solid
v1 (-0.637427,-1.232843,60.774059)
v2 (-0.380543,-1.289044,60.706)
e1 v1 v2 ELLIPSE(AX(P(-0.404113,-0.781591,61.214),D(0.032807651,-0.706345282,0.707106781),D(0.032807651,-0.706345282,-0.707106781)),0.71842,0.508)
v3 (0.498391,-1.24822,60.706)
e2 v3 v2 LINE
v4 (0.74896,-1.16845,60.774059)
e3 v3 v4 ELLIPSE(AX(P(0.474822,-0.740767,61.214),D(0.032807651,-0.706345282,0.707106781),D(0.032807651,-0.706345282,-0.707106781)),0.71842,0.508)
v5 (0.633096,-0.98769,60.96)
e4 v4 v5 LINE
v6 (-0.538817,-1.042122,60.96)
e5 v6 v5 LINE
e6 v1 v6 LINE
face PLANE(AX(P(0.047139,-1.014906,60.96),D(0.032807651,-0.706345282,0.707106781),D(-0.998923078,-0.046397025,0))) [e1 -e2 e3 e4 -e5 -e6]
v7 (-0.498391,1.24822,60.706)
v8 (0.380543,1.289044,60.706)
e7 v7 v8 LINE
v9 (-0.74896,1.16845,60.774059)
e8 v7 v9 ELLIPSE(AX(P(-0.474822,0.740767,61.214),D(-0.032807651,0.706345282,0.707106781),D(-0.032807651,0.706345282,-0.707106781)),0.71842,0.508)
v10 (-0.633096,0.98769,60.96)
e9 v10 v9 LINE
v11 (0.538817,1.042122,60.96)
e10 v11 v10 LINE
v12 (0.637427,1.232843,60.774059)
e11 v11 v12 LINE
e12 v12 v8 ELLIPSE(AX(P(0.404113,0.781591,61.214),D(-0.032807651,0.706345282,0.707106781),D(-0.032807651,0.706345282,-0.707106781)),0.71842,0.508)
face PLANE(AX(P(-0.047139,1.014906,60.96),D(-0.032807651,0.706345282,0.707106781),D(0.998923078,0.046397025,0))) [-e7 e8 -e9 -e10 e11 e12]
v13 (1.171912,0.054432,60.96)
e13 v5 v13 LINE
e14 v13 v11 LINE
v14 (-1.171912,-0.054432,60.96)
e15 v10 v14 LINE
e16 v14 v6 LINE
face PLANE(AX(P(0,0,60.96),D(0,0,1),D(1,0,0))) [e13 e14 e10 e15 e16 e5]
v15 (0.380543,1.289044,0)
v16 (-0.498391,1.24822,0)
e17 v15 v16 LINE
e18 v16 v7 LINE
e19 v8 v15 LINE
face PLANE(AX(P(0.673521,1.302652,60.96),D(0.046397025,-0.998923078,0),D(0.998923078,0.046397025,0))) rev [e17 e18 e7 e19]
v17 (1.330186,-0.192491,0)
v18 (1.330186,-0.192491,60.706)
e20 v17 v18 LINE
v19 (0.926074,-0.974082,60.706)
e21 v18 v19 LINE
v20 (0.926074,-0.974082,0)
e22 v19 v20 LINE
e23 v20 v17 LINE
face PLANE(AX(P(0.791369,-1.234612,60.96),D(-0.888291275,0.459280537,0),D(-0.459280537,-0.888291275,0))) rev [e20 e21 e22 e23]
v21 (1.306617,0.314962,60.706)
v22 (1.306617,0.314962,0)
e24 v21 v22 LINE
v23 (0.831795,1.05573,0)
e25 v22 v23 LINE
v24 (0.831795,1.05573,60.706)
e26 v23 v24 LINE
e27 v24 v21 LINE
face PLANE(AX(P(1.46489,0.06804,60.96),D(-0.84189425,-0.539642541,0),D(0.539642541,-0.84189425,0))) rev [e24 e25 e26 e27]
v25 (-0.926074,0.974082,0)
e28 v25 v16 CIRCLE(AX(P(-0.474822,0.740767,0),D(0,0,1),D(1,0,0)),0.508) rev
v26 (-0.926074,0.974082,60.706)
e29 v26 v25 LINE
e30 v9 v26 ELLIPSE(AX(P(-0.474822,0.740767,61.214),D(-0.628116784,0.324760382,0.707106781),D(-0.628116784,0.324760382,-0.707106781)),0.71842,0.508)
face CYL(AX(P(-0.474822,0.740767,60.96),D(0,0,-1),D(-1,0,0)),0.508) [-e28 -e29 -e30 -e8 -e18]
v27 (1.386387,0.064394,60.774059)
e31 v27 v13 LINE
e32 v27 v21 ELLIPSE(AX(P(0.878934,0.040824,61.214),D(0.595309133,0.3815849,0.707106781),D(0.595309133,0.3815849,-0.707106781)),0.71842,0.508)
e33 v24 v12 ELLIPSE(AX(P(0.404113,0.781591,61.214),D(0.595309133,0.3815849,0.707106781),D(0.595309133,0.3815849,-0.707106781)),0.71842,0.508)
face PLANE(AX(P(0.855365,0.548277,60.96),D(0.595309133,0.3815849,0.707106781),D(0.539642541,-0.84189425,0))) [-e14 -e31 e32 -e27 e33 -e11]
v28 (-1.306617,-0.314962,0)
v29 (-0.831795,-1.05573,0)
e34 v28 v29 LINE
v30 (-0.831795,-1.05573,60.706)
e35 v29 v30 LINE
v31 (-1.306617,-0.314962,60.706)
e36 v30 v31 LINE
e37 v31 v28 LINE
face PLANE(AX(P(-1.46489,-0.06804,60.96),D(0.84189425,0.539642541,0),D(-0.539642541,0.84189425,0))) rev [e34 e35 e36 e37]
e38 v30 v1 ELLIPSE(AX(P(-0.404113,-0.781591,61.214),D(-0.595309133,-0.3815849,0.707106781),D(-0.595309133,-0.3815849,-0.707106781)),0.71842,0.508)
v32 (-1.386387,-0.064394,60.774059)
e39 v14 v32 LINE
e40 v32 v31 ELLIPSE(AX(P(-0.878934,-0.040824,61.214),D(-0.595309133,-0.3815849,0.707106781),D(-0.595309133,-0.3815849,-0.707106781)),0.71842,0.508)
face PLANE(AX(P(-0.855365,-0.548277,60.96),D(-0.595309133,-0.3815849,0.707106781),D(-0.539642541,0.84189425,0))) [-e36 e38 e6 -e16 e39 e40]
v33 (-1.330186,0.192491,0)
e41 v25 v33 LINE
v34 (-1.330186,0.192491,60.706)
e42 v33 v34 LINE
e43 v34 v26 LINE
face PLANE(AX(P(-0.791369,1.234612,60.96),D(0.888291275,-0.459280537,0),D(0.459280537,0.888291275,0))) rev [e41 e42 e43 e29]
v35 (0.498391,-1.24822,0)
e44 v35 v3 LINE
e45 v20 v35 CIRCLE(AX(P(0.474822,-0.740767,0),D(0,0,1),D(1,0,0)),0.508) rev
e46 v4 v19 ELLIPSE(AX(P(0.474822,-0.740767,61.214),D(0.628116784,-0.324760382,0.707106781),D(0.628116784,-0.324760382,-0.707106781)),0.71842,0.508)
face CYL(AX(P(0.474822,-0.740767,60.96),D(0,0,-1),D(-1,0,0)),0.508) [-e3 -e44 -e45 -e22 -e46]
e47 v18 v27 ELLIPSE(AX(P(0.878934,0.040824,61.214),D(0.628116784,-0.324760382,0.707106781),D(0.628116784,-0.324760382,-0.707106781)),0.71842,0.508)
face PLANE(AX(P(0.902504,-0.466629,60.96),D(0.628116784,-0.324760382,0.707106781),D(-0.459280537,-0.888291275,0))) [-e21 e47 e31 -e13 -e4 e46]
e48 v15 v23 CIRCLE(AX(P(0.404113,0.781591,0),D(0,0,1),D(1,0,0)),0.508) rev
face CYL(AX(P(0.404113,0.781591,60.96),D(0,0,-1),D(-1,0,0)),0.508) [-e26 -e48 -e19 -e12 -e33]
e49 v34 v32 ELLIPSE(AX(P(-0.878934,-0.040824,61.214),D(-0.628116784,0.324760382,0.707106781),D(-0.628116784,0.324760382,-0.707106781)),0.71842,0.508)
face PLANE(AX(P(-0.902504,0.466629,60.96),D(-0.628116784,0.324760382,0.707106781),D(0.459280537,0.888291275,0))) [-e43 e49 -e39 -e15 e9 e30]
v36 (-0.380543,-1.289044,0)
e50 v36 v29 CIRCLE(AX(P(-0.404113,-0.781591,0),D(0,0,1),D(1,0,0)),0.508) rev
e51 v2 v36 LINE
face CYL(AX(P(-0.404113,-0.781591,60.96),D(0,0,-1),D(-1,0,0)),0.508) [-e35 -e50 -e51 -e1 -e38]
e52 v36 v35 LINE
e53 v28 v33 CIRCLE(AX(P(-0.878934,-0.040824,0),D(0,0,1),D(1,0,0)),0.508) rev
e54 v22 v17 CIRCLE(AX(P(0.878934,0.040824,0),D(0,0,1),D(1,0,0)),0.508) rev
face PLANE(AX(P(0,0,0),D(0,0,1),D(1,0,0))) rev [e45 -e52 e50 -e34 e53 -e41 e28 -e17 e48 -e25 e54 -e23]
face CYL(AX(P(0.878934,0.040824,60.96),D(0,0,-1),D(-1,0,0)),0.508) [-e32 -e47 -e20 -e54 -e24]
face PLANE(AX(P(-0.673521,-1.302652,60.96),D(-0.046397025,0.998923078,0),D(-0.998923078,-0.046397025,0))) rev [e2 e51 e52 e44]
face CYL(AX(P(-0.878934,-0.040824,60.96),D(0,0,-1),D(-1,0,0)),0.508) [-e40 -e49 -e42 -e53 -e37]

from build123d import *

# Parameters (mm, degrees)
BOSS_EXTRUDE1_DEPTH = 60.96
CHAMFER1_SIZE       = 0.254
FILLET1_R           = 0.508


with BuildPart() as part:
    # Sketch1 → Boss-Extrude1 (new body)
    with BuildSketch(Plane.XY):
        Polygon((-0.791369427, 1.234612394), (-1.464890411, -0.06803983), (-0.673520984, -1.302652224), (0.791369427, -1.234612394), (1.464890411, 0.06803983), (0.673520984, 1.302652224), align=None)
    extrude(amount=BOSS_EXTRUDE1_DEPTH)

    # Chamfer1
    chamfer1_edges = [part.edges().sort_by_distance(p)[0] for p in [
        (-1.069205697, -0.685346027, 60.96),
        (0.058924221, -1.268632309, 60.96),
        (1.128129919, -0.583286282, 60.96),
        (1.069205697, 0.685346027, 60.96),
        (-0.058924221, 1.268632309, 60.96),
        (-1.128129919, 0.583286282, 60.96),
    ]]
    chamfer(chamfer1_edges, length=CHAMFER1_SIZE)

    # Fillet1
    fillet1_edges = [part.edges().sort_by_distance(p)[0] for p in [
        (-0.673520984, -1.302652224, 30.353),
        (-1.464890411, -0.06803983, 30.353),
        (0.791369427, -1.234612394, 30.353),
        (1.464890411, 0.06803983, 30.353),
        (0.673520984, 1.302652224, 30.353),
        (-0.791369427, 1.234612394, 30.353),
    ]]
    fillet(fillet1_edges, radius=FILLET1_R)


solid = part.part
